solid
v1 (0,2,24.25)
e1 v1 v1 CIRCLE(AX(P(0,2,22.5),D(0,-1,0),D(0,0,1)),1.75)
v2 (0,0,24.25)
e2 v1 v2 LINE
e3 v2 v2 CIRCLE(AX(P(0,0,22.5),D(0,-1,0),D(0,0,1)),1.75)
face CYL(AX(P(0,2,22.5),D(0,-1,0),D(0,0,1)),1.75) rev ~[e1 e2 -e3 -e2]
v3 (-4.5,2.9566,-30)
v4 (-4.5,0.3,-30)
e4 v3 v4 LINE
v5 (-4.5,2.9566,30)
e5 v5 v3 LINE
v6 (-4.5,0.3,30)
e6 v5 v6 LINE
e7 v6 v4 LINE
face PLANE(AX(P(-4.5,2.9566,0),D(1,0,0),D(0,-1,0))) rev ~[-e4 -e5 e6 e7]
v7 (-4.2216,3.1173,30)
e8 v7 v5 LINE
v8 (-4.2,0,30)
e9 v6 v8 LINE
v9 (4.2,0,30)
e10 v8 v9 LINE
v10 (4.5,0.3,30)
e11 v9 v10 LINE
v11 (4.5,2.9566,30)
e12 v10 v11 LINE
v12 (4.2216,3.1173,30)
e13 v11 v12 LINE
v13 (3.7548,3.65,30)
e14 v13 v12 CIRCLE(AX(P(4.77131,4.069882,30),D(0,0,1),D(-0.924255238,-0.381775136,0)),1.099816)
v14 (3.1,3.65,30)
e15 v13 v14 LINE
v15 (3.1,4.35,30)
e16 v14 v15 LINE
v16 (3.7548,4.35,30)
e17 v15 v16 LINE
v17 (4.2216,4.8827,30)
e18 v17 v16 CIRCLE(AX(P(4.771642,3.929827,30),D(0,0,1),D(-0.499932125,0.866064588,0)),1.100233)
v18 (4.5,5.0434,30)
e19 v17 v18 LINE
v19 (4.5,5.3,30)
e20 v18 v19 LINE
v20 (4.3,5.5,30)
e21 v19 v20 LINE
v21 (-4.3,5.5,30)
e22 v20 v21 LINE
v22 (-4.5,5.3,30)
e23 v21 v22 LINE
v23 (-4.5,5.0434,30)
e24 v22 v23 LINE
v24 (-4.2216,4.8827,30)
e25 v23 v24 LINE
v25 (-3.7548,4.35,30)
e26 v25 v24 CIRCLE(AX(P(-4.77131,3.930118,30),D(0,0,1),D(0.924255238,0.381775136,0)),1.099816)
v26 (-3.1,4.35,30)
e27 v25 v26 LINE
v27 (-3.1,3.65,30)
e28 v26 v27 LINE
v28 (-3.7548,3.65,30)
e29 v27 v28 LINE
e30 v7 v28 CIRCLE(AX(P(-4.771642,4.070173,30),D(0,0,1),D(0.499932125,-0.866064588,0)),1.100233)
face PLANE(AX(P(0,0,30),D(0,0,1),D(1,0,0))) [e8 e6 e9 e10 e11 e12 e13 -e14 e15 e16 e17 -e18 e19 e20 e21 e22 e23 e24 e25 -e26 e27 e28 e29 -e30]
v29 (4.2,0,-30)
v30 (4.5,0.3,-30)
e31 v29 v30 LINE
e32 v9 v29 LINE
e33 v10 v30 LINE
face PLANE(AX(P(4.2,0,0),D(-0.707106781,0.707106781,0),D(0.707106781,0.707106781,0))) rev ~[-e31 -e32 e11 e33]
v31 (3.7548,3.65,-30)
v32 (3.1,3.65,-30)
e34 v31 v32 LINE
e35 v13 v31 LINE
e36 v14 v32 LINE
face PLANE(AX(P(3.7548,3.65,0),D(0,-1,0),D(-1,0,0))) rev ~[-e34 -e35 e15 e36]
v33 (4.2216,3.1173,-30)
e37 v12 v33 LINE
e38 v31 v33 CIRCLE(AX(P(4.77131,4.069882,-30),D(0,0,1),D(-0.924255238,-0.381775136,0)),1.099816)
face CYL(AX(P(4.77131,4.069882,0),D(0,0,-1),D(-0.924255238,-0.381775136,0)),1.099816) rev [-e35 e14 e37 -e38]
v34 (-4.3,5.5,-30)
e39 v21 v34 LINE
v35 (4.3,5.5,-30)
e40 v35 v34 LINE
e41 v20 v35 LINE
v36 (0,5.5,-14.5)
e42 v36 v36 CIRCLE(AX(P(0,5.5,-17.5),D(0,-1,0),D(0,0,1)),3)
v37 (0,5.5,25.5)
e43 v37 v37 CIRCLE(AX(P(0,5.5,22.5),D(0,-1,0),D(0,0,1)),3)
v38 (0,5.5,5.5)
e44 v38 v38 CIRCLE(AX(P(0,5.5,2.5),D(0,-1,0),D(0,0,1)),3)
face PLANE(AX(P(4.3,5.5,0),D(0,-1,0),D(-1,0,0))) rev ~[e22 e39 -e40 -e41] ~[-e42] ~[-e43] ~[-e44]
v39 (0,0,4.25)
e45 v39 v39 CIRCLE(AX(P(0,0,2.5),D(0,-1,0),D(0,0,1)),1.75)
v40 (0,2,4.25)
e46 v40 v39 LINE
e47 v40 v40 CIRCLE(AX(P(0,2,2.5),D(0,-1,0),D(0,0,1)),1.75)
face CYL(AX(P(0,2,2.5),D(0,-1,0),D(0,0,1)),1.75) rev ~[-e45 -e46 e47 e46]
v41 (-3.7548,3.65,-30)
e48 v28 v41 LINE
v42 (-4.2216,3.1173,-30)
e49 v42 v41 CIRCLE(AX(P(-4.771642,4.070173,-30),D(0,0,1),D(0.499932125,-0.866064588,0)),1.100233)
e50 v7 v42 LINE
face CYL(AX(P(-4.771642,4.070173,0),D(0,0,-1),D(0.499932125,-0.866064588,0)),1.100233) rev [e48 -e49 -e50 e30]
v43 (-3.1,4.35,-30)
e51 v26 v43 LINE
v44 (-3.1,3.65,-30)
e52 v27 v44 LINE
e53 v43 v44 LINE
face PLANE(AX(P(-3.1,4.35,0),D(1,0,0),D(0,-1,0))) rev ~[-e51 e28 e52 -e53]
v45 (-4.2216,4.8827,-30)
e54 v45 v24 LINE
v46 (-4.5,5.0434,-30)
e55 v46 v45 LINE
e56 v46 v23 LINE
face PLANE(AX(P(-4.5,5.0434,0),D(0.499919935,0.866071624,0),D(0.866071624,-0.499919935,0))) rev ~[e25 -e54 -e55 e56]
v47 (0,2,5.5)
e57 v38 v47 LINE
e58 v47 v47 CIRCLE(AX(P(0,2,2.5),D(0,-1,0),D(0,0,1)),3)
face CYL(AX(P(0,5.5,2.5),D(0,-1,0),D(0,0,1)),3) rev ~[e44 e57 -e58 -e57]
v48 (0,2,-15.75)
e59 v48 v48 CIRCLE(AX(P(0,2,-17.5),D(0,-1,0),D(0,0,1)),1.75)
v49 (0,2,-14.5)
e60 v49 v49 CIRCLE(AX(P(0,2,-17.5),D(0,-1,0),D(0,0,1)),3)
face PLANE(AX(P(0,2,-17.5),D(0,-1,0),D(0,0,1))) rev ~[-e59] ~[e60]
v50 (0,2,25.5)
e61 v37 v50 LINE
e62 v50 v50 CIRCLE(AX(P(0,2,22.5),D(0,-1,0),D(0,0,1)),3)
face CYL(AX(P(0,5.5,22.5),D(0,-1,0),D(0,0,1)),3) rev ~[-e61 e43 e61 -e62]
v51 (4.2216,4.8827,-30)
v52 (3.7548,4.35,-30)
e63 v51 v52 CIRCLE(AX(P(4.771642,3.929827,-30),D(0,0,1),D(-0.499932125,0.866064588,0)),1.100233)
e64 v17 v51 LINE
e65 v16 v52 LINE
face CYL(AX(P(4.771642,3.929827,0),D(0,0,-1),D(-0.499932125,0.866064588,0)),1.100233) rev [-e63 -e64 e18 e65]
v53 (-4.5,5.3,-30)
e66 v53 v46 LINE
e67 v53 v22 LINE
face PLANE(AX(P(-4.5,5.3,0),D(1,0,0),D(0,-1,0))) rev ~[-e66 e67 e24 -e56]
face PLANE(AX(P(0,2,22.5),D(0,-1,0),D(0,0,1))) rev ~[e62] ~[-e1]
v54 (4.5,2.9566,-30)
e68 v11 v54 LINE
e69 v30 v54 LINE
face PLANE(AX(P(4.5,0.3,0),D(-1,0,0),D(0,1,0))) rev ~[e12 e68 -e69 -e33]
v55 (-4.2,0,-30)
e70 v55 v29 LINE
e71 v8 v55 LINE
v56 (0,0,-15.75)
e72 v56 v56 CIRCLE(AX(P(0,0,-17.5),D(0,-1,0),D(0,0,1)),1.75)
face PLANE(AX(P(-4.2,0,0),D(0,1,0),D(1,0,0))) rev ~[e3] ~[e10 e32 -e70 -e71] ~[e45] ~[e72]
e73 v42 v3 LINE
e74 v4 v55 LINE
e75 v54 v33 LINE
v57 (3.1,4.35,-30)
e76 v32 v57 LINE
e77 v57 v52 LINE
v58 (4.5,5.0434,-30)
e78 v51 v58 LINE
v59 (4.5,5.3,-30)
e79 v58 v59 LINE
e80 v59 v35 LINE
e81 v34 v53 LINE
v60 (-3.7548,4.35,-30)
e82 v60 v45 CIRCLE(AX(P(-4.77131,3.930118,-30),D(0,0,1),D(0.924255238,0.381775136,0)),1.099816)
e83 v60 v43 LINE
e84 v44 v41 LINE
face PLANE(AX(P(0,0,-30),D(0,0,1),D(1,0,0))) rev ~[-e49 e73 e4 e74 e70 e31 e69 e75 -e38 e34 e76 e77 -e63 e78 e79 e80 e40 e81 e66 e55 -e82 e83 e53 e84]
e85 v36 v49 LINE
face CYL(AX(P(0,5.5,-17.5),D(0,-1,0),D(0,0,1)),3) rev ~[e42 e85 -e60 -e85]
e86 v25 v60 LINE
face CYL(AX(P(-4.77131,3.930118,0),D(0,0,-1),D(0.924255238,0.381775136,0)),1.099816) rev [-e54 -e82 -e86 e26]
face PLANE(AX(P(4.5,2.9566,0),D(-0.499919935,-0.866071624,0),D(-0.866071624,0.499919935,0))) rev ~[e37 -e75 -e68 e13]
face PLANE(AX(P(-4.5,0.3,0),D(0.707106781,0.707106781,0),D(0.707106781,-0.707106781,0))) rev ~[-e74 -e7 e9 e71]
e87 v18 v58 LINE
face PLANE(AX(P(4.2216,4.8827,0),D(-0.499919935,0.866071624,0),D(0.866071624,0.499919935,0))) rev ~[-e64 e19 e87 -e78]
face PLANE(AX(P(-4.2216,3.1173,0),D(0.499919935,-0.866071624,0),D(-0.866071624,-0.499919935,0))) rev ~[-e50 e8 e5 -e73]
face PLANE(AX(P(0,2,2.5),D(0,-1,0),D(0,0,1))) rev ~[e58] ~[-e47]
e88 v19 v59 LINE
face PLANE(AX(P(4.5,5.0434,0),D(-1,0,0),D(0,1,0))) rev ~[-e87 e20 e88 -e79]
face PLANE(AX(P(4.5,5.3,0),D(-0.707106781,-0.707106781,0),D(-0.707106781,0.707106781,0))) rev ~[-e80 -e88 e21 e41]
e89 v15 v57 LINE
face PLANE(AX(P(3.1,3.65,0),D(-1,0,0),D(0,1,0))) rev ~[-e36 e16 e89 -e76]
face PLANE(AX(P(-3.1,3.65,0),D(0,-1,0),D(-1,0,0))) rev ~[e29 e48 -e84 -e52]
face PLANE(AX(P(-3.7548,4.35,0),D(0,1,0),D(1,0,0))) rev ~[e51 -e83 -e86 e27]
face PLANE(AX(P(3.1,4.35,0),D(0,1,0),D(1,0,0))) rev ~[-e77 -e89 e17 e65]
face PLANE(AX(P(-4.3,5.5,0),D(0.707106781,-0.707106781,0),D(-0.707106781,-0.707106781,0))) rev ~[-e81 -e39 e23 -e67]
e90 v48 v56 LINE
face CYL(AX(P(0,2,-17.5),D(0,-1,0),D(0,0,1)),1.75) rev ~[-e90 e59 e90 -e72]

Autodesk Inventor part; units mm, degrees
sketch "Sketch_12" plane through (0, 0, 0) normal (0, 0, 1) x (1, 0, 0)
  line L0 (-4.5, 5.3) -> (-4.5, 5.0434)
  line L1 (-4.5, 5.0434) -> (-4.2216, 4.8827)
  arc A0 (-3.7548, 4.35) -> (-4.2216, 4.8827) centre (-4.7715, 3.93) ccw
  line L2 (-3.7548, 4.35) -> (-3.1, 4.35)
  line L3 (-3.1, 4.35) -> (-3.1, 3.65)
  line L4 (-3.1, 3.65) -> (-3.7548, 3.65)
  arc A1 (-4.2216, 3.1173) -> (-3.7548, 3.65) centre (-4.7715, 4.07) ccw
  line L5 (-4.2216, 3.1173) -> (-4.5, 2.9566)
  line L6 (-4.5, 2.9566) -> (-4.5, 0.3)
  line L7 (-4.5, 0.3) -> (-4.2, 0)
  line L8 (-4.2, 0) -> (4.2, 0)
  line L9 (4.2, 0) -> (4.5, 0.3)
  line L10 (4.5, 0.3) -> (4.5, 2.9566)
  line L11 (4.5, 2.9566) -> (4.2216, 3.1173)
  arc A2 (3.7548, 3.65) -> (4.2216, 3.1173) centre (4.7715, 4.07) ccw
  line L12 (3.7548, 3.65) -> (3.1, 3.65)
  line L13 (3.1, 3.65) -> (3.1, 4.35)
  line L14 (3.1, 4.35) -> (3.7548, 4.35)
  arc A3 (4.2216, 4.8827) -> (3.7548, 4.35) centre (4.7715, 3.93) ccw
  line L15 (4.2216, 4.8827) -> (4.5, 5.0434)
  line L16 (4.5, 5.0434) -> (4.5, 5.3)
  line L17 (4.5, 5.3) -> (4.3, 5.5)
  line L18 (4.3, 5.5) -> (-4.3, 5.5)
  line L19 (-4.3, 5.5) -> (-4.5, 5.3)
extrude "Extrusion1" add sketch "Sketch_12" along normal mid plane 60
sketch "Sketch2" plane through (-4.3, 5.5, 30) normal (0, 1, 0) x (1, 0, 0)
  point P0 (4.3, 447.5)
hole "Hole1" at (0, 5.5, -417.5) direction (0, -1, 0) diameter 3.5 depth 5.5 counterbore diameter 6 counterbore depth 3.5
pattern_linear "Rectangular Pattern1" count 23 spacing 20 along (0, 0, 1) of "Hole1"
ref_plane "rail_to_adjusting_block_XY" through (0, 0, -220) normal (0, 1, 0) x (1, 0, 0)
ref_plane "rail_to_adjusting_block_YZ" through (0, 0, -220) normal (1, 0, 0) x (0, 0, -1)
ref_plane "rail_to_adjusting_block_ZX" through (0, 0, -220) normal (0, 0, -1) x (0, 1, 0)
ref_plane "to_block_XY" through (0, 5.5, 113.75) normal (0, 0, 1) x (1, 0, 0)
ref_plane "to_block_YZ" through (0, 5.5, 113.75) normal (1, 0, 0) x (0, 1, 0)
ref_plane "to_block_ZX" through (0, 5.5, 113.75) normal (0, 1, 0) x (0, 0, 1)
ref_plane "to_block_2_XY" through (0, 5.5, -113.75) normal (0, 0, 1) x (1, 0, 0)
ref_plane "to_block_2_YZ" through (0, 5.5, -113.75) normal (1, 0, 0) x (0, 1, 0)
ref_plane "to_block_2_ZX" through (0, 5.5, -113.75) normal (0, 1, 0) x (0, 0, 1)
ref_plane "to_kue_XY" through (0, 0, 0) normal (0, 1, 0) x (1, 0, 0)
ref_plane "to_kue_YZ" through (0, 0, 0) normal (1, 0, 0) x (0, 0, -1)
ref_plane "to_kue_ZX" through (0, 0, 0) normal (0, 0, -1) x (0, 1, 0)
properties part number "SSE2B-MX10-455_r" material "ステンレス鋼"
